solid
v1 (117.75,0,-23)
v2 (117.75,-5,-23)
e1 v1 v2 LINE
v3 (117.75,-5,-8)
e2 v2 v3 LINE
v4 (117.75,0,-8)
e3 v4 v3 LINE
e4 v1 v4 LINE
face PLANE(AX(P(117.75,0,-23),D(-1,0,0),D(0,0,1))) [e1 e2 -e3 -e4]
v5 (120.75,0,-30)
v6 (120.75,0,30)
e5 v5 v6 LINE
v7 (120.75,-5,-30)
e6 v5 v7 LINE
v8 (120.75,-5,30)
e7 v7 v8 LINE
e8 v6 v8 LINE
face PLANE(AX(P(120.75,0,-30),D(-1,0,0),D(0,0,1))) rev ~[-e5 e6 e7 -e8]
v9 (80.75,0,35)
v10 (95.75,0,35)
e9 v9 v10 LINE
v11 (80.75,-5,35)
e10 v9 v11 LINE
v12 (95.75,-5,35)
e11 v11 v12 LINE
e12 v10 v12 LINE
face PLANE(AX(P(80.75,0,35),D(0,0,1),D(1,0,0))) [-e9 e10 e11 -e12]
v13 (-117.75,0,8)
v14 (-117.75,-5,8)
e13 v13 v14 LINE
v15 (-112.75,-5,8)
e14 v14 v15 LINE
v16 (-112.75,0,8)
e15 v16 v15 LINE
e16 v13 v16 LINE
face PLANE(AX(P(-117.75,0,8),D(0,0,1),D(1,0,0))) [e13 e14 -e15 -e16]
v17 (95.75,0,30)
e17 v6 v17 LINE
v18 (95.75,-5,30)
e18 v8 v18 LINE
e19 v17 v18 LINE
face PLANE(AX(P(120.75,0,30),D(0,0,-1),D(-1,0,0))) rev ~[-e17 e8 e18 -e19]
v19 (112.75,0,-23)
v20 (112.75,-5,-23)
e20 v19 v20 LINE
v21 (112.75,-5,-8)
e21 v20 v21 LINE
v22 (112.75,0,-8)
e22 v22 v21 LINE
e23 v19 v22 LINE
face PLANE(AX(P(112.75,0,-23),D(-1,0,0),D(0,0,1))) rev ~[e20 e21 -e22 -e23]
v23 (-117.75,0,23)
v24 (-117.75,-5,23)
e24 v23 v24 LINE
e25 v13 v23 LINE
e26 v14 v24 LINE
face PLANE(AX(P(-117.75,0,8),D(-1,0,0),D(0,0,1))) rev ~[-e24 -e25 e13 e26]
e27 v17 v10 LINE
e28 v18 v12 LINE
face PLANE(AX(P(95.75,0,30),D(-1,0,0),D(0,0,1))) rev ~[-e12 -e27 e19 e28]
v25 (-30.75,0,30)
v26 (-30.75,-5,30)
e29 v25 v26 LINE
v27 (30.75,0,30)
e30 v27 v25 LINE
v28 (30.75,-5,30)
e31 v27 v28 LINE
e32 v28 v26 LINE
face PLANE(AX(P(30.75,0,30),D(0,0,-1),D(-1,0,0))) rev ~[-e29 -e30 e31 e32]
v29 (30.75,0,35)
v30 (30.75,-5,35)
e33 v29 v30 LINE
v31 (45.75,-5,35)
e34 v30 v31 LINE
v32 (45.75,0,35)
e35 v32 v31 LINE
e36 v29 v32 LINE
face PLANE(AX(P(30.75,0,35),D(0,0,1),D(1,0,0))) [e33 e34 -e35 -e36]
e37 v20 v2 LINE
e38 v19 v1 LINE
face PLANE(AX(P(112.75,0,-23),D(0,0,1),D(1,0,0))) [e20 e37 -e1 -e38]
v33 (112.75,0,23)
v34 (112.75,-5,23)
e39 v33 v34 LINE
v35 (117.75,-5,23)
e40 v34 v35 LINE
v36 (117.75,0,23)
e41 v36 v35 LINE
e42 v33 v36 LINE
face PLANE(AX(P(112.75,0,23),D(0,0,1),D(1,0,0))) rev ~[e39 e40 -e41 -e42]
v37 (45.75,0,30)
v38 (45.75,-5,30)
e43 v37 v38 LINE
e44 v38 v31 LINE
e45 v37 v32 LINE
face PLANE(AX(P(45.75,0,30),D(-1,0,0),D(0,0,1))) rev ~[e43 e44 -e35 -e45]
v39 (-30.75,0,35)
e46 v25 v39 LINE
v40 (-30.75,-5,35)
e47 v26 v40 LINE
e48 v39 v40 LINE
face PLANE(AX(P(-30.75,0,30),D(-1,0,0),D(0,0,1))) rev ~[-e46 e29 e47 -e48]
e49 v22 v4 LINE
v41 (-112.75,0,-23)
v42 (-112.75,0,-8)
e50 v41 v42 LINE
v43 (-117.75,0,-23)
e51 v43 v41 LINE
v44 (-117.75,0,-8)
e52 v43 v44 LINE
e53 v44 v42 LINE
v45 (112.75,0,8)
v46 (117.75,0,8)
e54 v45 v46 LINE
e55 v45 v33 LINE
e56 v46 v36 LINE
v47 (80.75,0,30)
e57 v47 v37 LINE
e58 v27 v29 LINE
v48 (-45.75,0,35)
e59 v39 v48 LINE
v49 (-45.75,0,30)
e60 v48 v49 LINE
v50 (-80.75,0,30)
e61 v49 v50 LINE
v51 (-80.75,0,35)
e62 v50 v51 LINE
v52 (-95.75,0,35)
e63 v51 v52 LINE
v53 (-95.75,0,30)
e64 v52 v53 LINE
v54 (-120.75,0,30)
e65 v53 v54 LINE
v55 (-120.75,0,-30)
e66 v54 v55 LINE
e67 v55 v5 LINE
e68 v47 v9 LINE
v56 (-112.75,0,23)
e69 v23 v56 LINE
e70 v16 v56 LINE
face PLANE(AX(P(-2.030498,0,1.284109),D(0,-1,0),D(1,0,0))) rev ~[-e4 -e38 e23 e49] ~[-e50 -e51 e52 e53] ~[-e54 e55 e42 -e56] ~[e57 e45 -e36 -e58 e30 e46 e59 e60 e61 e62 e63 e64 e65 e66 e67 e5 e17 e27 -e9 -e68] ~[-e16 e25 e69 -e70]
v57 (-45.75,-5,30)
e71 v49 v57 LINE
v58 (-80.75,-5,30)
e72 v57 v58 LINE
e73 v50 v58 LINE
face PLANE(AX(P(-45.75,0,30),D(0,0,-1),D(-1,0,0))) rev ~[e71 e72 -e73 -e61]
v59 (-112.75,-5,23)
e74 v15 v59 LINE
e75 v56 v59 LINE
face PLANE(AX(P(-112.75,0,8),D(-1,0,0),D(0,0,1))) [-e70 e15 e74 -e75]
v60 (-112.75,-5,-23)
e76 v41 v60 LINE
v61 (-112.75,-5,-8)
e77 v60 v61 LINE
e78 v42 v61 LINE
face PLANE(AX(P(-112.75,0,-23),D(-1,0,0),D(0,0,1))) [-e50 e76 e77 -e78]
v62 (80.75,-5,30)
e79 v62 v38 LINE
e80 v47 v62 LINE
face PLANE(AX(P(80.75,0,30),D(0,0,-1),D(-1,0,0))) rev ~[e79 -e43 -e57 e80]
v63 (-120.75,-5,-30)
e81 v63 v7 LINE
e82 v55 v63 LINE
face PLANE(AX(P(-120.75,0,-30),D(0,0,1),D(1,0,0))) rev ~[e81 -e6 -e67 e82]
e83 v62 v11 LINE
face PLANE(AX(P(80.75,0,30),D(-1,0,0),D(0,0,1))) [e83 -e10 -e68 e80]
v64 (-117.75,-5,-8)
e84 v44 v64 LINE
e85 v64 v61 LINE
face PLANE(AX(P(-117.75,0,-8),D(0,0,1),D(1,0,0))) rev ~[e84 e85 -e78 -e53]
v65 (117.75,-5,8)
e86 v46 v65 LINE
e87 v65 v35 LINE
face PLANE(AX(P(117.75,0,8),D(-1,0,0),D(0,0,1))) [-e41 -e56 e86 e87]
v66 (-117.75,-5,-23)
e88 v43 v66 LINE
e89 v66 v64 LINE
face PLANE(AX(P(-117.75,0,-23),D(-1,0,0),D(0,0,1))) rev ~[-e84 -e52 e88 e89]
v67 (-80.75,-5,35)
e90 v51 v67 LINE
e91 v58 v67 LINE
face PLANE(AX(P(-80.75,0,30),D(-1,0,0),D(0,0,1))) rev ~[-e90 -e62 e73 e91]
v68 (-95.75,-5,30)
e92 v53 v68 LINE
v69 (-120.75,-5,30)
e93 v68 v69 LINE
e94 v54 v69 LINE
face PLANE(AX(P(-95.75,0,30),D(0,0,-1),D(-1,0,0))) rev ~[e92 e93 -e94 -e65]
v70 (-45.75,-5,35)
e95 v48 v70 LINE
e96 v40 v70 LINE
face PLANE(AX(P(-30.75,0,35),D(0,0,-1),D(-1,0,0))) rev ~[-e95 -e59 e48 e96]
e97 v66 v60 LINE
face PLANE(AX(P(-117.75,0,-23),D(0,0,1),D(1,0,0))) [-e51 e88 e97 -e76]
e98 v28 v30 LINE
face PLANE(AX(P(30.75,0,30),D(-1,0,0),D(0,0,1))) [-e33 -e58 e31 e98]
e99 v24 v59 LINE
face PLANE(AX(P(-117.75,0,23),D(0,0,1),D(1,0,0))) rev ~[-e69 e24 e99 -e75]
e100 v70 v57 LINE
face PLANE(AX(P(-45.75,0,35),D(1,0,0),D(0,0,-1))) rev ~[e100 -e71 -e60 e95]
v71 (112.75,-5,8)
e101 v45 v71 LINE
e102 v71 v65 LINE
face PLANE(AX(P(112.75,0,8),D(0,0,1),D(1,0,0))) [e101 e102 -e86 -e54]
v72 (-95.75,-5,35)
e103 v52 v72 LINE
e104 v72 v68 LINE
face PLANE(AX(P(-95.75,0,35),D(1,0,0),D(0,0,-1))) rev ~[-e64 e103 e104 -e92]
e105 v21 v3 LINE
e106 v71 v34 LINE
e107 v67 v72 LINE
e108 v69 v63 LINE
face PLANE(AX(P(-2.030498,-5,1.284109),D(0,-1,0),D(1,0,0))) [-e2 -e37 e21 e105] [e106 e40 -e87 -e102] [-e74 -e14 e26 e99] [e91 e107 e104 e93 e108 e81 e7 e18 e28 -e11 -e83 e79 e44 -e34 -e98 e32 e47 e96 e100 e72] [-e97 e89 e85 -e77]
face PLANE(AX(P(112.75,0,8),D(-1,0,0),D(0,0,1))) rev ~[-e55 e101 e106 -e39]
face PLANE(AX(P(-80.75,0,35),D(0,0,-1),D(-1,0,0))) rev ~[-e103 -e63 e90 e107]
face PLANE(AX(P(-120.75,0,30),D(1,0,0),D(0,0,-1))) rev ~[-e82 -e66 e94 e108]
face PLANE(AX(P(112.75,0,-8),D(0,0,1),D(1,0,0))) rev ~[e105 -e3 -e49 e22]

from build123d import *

# Parameters (mm, degrees)
F1_W     = 5
F1_H     = 15
F1_W_2   = 15
F1_H_2   = 5
F2_DEPTH = 5


with BuildPart() as f2:
    # F1 (on Front) → F2 (new body)
    with BuildSketch(Plane.XZ):
        Polygon((-120.75, -30), (120.75, -30), (120.75, 30), (95.75, 30), (80.75, 30), (45.75, 30), (30.75, 30), (-30.75, 30), (-30.75, 35), (-45.75, 35), (-45.75, 30), (-80.75, 30), (-80.75, 35), (-95.75, 35), (-95.75, 30), (-120.75, 30), align=None)
        with Locations((-115.25, -15.5)):
            Rectangle(F1_W, F1_H, mode=Mode.SUBTRACT)
        with Locations((115.25, -15.5)):
            Rectangle(F1_W, F1_H, mode=Mode.SUBTRACT)
        with Locations((-115.25, 15.5)):
            Rectangle(F1_W, F1_H, mode=Mode.SUBTRACT)
        with Locations((115.25, 15.5)):
            Rectangle(F1_W, F1_H, mode=Mode.SUBTRACT)
        with Locations((38.25, 32.5)):
            Rectangle(F1_W_2, F1_H_2)
        with Locations((88.25, 32.5)):
            Rectangle(F1_W_2, F1_H_2)
    extrude(amount=F2_DEPTH)


solid = f2.part
